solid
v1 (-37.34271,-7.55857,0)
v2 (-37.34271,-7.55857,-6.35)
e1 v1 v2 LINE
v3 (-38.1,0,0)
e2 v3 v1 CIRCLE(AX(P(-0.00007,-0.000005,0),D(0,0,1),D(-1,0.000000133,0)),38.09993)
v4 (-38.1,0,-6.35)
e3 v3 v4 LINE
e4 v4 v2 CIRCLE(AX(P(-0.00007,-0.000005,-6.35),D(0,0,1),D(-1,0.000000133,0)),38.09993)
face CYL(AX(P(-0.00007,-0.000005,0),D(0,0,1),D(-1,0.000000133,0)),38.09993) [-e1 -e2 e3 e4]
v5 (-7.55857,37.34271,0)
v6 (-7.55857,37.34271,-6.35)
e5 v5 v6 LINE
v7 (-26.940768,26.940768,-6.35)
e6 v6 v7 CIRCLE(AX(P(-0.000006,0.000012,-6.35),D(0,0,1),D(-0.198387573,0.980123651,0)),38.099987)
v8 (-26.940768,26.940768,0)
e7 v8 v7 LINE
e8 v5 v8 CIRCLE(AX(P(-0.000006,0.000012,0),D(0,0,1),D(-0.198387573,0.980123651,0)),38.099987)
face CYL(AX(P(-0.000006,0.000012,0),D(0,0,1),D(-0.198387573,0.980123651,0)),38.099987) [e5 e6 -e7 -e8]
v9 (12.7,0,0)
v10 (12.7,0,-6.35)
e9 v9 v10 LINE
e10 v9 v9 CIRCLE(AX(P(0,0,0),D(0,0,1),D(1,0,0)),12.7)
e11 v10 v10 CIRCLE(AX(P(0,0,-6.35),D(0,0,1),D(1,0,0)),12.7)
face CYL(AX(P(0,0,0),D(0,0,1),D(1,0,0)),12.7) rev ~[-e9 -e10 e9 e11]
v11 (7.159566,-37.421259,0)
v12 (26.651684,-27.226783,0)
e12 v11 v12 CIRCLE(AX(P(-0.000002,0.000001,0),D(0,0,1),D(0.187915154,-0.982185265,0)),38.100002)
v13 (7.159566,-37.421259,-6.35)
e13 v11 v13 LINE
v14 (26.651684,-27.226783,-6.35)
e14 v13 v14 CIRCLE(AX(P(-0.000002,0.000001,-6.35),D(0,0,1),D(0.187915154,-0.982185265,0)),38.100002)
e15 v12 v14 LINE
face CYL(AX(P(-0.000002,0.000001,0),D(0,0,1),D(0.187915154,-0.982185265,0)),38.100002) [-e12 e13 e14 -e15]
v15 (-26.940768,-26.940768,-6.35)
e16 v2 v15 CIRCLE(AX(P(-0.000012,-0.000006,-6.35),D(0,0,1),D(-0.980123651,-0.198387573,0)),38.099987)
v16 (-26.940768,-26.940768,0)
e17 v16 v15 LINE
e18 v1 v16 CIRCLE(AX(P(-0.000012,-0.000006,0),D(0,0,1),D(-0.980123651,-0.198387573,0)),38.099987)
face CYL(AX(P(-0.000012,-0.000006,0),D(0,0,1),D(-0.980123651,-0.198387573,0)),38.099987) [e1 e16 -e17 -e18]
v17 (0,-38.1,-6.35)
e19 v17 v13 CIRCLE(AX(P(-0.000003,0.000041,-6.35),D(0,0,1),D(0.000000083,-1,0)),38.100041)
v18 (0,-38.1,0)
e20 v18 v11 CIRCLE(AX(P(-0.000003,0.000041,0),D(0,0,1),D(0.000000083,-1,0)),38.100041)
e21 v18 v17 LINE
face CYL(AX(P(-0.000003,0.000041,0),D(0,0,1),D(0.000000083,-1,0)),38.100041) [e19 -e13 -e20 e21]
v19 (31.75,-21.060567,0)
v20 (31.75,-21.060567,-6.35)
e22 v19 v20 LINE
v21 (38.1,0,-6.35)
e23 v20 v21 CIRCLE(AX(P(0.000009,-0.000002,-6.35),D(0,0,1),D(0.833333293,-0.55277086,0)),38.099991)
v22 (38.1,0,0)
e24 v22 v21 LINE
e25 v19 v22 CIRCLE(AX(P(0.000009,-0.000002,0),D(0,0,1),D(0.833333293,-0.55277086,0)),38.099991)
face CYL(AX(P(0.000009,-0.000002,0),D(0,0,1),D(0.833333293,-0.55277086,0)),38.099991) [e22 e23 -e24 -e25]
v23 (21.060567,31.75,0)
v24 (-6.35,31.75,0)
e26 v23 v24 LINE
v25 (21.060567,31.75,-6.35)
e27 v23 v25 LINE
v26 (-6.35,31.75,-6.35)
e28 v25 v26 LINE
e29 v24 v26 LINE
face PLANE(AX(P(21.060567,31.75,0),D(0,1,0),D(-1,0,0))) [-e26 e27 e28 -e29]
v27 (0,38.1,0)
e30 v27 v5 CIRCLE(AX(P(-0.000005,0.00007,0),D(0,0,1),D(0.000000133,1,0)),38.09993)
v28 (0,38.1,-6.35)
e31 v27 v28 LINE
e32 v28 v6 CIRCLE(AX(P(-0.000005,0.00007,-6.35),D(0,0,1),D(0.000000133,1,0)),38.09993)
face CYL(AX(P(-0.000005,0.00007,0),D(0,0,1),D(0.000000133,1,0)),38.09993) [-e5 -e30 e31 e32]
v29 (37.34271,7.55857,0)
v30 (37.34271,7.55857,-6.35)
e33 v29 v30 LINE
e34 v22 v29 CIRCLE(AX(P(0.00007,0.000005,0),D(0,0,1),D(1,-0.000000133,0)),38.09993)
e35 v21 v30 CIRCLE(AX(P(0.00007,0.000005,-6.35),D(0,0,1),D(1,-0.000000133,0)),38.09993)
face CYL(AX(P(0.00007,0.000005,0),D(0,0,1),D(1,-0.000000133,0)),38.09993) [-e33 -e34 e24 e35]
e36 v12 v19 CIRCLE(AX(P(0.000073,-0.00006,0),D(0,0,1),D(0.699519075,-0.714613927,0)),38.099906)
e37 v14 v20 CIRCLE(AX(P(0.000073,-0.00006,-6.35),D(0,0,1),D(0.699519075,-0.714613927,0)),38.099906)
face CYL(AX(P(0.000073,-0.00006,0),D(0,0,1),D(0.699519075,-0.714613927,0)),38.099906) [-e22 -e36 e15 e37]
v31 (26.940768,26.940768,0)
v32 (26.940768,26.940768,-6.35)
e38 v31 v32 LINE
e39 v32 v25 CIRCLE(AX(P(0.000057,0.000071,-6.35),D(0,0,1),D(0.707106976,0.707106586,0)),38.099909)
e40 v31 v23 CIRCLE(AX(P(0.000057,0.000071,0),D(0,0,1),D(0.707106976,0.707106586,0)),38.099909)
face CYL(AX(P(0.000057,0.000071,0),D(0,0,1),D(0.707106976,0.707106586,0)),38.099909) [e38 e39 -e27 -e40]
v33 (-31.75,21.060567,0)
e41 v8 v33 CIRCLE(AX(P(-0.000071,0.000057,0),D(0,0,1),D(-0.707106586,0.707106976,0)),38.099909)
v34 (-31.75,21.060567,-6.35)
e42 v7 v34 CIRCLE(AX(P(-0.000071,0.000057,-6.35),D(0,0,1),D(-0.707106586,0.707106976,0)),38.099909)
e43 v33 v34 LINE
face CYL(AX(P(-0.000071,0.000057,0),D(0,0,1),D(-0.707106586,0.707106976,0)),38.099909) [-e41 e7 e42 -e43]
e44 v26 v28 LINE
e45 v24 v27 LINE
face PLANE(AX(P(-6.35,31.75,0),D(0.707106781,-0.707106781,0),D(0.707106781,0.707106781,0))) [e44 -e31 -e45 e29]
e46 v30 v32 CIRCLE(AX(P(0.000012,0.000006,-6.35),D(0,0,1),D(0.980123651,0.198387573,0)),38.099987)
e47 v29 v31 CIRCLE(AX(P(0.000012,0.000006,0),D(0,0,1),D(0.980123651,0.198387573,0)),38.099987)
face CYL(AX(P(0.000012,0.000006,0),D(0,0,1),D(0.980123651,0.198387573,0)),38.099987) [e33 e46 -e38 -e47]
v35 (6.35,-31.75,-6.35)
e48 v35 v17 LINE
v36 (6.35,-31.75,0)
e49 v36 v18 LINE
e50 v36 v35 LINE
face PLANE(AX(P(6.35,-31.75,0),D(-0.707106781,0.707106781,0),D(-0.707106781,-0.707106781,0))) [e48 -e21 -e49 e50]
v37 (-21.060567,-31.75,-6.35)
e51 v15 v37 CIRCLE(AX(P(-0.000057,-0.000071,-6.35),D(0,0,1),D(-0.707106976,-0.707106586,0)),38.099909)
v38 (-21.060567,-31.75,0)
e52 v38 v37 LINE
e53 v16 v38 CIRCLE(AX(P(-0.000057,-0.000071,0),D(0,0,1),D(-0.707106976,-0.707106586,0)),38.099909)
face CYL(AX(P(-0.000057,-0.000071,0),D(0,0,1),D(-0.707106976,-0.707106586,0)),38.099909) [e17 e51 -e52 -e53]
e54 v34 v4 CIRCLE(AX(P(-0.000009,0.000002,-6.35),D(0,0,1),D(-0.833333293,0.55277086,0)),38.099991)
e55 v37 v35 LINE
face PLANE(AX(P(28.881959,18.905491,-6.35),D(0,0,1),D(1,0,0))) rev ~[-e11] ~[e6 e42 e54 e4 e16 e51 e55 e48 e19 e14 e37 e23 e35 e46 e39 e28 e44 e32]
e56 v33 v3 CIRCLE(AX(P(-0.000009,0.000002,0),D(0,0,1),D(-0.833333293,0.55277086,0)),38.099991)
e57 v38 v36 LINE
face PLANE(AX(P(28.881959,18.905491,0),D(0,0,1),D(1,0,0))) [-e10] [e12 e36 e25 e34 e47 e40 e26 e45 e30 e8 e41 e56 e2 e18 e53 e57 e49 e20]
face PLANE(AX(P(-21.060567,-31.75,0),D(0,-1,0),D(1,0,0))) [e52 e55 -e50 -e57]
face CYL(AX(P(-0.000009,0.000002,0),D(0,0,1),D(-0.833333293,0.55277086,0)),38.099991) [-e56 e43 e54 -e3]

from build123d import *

# Parameters (mm, degrees)
F0_R     = 12.7
F1_DEPTH = 6.35


with BuildPart() as f1:
    # F0 (on Top) → F1 (new body)
    with BuildSketch(Plane.XY):
        with BuildLine():
            Line((22.45064, 22.45064), (37.34271, 7.55857))
            ThreePointArc((37.34271, 7.55857), (33.570952, 18.016692), (26.940768, 26.940768))
            Line((26.940768, 26.940768), (17.960512, 26.940768))
            Line((17.960512, 26.940768), (22.45064, 22.45064))
        make_face()
        with BuildLine():
            ThreePointArc((-37.34271, -7.55857), (-33.570952, -18.016692), (-26.940768, -26.940768))
            Line((-26.940768, -26.940768), (-17.960512, -26.940768))
            Line((-17.960512, -26.940768), (-22.45064, -22.45064))
            Line((-22.45064, -22.45064), (-37.34271, -7.55857))
        make_face()
        with BuildLine():
            ThreePointArc((7.159566, -37.421259), (17.657349, -33.761339), (26.651684, -27.226783))
            Line((26.651684, -27.226783), (26.747534, -18.247039))
            Line((26.747534, -18.247039), (22.209737, -22.688986))
            Line((22.209737, -22.688986), (7.159566, -37.421259))
        make_face()
        with BuildLine():
            Line((-22.45064, 22.45064), (-7.55857, 37.34271))
            ThreePointArc((-7.55857, 37.34271), (-18.016692, 33.570952), (-26.940768, 26.940768))
            Line((-26.940768, 26.940768), (-26.940768, 17.960512))
            Line((-26.940768, 17.960512), (-22.45064, 22.45064))
        make_face()
        with BuildLine():
            Line((31.75, 6.35), (38.1, 0))
            ThreePointArc((38.1, 0), (37.910205, 3.798206), (37.34271, 7.55857))
            Line((37.34271, 7.55857), (22.45064, 22.45064))
            Line((22.45064, 22.45064), (17.960512, 26.940768))
            Line((17.960512, 26.940768), (26.940768, 26.940768))
            ThreePointArc((26.940768, 26.940768), (24.120826, 29.4923), (21.060567, 31.75))
            Line((21.060567, 31.75), (0, 31.75))
            Line((0, 31.75), (-6.35, 31.75))
            Line((-6.35, 31.75), (0, 38.1))
            ThreePointArc((0, 38.1), (-3.798206, 37.910205), (-7.55857, 37.34271))
            Line((-7.55857, 37.34271), (-22.45064, 22.45064))
            Line((-22.45064, 22.45064), (-26.940768, 17.960512))
            Line((-26.940768, 17.960512), (-26.940768, 26.940768))
            ThreePointArc((-26.940768, 26.940768), (-29.4923, 24.120826), (-31.75, 21.060567))
            Line((-31.75, 21.060567), (-31.75, 0))
            Line((-31.75, 0), (-31.75, -6.35))
            Line((-31.75, -6.35), (-38.1, 0))
            ThreePointArc((-38.1, 0), (-37.910205, -3.798206), (-37.34271, -7.55857))
            Line((-37.34271, -7.55857), (-22.45064, -22.45064))
            Line((-22.45064, -22.45064), (-17.960512, -26.940768))
            Line((-17.960512, -26.940768), (-26.940768, -26.940768))
            ThreePointArc((-26.940768, -26.940768), (-24.120826, -29.4923), (-21.060567, -31.75))
            Line((-21.060567, -31.75), (0, -31.75))
            Line((0, -31.75), (6.35, -31.75))
            Line((6.35, -31.75), (0, -38.1))
            ThreePointArc((0, -38.1), (3.595834, -37.929935), (7.159566, -37.421259))
            Line((7.159566, -37.421259), (22.209737, -22.688986))
            Line((22.209737, -22.688986), (26.747534, -18.247039))
            Line((26.747534, -18.247039), (26.651684, -27.226783))
            ThreePointArc((26.651684, -27.226783), (29.363153, -24.277876), (31.75, -21.060567))
            Line((31.75, -21.060567), (31.75, 0))
            Line((31.75, 0), (31.75, 6.35))
        make_face()
        Circle(F0_R, mode=Mode.SUBTRACT)
        with BuildLine():
            ThreePointArc((31.75, -21.060567), (36.477973, -10.998523), (38.1, 0))
            Line((38.1, 0), (31.75, 6.35))
            Line((31.75, 6.35), (31.75, 0))
            Line((31.75, 0), (31.75, -21.060567))
        make_face()
        with BuildLine():
            Line((-31.75, 0), (-31.75, 21.060567))
            ThreePointArc((-31.75, 21.060567), (-36.477973, 10.998523), (-38.1, 0))
            Line((-38.1, 0), (-31.75, -6.35))
            Line((-31.75, -6.35), (-31.75, 0))
        make_face()
    extrude(amount=-F1_DEPTH)


solid = f1.part
